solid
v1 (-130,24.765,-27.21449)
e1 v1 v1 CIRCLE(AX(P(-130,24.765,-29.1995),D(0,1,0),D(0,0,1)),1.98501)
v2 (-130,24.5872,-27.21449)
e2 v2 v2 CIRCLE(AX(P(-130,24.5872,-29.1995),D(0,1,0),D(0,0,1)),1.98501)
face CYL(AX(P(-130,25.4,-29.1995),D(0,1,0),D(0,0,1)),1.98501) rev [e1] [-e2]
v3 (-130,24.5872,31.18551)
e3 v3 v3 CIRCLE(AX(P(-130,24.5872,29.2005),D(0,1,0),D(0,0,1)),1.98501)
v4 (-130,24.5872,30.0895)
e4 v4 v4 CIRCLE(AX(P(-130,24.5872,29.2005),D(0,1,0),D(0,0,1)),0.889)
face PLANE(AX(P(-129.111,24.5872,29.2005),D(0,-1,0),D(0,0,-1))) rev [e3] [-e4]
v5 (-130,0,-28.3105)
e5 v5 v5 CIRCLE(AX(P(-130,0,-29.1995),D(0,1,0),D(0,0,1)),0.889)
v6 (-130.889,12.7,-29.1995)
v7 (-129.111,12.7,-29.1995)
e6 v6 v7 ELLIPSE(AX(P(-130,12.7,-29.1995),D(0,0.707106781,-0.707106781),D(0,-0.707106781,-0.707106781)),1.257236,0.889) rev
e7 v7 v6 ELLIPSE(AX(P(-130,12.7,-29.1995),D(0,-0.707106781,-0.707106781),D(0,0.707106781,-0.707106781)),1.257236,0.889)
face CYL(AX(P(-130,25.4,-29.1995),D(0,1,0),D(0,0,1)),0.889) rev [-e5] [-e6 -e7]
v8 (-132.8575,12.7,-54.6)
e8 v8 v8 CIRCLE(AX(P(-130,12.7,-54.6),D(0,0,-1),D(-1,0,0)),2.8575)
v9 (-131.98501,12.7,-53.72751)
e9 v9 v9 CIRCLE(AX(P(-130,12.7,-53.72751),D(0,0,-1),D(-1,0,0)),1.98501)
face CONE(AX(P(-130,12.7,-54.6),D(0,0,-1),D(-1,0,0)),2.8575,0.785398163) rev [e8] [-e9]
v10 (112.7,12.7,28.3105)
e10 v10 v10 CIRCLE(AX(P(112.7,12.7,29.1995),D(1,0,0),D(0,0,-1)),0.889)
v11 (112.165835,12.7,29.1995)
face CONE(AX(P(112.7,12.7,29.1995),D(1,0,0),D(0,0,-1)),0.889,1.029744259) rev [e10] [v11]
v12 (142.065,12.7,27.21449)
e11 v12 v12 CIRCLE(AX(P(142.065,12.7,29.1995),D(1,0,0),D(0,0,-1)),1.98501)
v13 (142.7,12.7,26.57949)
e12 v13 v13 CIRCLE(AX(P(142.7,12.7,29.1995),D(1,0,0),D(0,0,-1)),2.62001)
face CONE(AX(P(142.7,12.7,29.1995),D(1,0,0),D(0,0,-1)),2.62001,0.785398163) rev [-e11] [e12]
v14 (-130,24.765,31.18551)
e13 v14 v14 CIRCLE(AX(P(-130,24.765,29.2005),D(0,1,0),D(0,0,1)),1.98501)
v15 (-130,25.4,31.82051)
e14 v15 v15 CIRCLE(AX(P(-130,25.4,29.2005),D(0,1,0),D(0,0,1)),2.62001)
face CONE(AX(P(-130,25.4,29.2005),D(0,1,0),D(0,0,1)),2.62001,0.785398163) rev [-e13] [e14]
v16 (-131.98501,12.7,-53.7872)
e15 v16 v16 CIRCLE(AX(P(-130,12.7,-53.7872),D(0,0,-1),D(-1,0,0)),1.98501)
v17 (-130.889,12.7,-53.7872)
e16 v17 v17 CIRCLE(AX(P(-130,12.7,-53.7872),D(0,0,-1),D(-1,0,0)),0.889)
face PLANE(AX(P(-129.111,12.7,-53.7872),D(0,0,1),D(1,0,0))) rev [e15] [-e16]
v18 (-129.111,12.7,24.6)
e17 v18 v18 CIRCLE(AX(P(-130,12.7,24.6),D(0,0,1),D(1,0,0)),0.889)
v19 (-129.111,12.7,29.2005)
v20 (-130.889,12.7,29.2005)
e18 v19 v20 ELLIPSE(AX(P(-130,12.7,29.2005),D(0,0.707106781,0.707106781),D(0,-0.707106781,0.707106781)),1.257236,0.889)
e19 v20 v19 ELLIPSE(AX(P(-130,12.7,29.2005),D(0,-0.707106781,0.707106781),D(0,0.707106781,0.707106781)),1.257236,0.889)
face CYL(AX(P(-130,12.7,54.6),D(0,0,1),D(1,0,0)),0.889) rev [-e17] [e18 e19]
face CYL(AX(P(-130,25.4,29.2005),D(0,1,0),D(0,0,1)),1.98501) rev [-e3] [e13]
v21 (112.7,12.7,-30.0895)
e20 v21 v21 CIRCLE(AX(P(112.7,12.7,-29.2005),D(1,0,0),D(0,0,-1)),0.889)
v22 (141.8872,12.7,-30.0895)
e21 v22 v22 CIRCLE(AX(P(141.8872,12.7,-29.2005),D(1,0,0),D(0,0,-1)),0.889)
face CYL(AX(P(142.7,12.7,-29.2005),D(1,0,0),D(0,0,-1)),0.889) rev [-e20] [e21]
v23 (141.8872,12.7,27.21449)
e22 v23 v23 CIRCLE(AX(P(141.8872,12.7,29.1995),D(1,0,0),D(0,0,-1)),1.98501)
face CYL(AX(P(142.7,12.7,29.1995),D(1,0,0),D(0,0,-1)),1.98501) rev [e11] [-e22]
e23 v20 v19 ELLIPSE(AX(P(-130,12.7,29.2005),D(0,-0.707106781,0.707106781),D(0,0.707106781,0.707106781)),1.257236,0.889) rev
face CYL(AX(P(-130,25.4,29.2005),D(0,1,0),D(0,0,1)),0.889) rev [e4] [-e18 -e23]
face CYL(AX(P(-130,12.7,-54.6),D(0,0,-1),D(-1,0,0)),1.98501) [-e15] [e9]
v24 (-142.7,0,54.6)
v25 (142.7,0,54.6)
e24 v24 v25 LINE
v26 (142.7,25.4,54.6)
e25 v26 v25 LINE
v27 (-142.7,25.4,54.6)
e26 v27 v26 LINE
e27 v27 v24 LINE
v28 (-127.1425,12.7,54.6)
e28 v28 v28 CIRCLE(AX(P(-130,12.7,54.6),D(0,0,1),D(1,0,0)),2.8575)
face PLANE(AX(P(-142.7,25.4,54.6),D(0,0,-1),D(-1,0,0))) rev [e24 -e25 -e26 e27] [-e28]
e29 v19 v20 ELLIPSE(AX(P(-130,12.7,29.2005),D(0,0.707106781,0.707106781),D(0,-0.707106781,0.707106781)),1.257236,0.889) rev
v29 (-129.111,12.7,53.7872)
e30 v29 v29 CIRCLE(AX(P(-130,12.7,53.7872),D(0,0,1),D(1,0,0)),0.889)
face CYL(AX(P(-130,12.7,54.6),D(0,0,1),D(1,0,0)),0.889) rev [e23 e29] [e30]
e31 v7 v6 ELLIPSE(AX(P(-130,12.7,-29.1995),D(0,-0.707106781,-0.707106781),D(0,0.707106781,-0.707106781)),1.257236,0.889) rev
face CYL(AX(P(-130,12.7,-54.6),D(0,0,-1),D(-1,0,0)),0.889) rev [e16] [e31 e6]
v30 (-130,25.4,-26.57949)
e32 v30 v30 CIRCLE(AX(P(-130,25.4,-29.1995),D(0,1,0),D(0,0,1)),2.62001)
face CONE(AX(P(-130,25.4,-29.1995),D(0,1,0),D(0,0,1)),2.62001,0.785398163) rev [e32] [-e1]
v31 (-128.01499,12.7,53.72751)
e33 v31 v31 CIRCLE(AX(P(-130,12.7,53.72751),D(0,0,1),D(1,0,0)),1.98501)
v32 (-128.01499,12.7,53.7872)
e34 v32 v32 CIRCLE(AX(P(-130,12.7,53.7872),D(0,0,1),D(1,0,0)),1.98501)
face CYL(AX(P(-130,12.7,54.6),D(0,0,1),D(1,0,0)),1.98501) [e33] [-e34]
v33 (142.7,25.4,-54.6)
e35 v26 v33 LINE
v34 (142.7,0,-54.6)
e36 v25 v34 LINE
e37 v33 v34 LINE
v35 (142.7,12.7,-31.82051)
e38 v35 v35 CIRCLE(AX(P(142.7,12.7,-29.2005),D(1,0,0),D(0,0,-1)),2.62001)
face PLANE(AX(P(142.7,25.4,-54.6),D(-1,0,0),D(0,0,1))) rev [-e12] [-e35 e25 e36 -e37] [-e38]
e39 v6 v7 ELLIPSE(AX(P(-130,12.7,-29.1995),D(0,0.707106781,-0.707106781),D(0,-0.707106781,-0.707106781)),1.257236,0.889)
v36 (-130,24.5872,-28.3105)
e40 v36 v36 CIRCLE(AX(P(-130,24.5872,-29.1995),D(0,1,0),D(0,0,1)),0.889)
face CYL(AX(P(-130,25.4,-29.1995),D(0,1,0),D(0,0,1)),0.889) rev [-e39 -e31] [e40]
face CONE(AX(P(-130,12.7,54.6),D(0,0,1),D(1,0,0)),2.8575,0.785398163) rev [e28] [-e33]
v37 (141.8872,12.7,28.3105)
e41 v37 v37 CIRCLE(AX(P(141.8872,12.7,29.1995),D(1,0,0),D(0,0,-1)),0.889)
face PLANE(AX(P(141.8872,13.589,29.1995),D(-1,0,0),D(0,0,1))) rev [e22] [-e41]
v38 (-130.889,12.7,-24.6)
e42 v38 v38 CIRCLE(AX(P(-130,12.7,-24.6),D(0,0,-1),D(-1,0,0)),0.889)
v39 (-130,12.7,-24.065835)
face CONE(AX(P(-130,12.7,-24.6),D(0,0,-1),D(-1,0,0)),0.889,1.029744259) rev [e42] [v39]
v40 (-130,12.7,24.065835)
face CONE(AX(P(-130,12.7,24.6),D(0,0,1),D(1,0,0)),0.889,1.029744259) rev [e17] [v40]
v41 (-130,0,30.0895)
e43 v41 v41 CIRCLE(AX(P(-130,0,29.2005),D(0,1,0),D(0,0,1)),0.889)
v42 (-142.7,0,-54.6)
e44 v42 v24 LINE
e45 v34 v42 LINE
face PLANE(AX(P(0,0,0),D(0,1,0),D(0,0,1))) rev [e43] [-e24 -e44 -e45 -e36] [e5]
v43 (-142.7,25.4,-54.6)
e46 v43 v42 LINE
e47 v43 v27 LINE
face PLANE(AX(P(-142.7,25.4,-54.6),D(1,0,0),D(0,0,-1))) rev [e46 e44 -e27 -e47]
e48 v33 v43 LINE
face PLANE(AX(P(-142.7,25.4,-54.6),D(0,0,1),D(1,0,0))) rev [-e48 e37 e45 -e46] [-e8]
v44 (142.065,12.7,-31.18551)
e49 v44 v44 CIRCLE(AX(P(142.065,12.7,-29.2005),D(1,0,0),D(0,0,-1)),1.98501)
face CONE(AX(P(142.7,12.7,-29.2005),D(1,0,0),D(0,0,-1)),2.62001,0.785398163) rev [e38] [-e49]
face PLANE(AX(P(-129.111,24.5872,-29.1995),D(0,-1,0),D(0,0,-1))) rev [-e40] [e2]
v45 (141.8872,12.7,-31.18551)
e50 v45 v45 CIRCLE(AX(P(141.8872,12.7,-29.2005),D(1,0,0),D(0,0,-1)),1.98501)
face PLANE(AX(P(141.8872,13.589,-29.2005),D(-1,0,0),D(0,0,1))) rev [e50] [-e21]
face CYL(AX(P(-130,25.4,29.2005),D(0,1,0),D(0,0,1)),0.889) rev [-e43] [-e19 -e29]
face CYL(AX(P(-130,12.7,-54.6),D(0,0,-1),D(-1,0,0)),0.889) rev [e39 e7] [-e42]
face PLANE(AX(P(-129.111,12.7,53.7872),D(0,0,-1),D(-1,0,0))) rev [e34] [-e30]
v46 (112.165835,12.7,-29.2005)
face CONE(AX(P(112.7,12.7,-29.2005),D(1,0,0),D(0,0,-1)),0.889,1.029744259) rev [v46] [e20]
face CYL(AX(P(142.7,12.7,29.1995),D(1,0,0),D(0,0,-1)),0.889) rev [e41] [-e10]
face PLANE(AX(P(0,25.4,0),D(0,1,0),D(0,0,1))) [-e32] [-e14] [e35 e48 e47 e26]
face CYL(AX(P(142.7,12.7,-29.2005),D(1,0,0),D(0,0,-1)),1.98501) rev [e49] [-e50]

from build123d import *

# Parameters (mm, degrees)
SKETCH1_W                                   = 285.4
SKETCH1_H                                   = 109.2
BOSS_EXTRUDE1_DEPTH                         = 25.4
CBORE_FOR_0_BINDING_HEAD_MACHINE_SC_2_COUNT = 2
CBORE_FOR_0_BINDING_HEAD_MACHINE_SC_2_PITCH = 58.405486046
CBORE_FOR_0_BINDING_HEAD_MACHINE_SC_3_COUNT = 2
CBORE_FOR_0_BINDING_HEAD_MACHINE_SC_3_PITCH = 58.4
LPATTERN1_COUNT                             = 2
LPATTERN1_PITCH                             = 58.4


with BuildPart() as part:
    # Sketch1 → Boss-Extrude1 (new body)
    with BuildSketch(Plane(origin=(0, 0, 0), x_dir=(1, 0, 0), z_dir=(0, 1, 0))):
        Rectangle(SKETCH1_W, SKETCH1_H)
    extrude(amount=BOSS_EXTRUDE1_DEPTH)

    # Sketch3 → CBORE for #0 Binding Head Machine Screw1 (revolve, cut)
    with BuildSketch(Plane(origin=(-130, 12.7, 54.6), x_dir=(0, -1, 0), z_dir=(1, 0, 0))):
        Polygon((0, 0), (0, 30.53416509), (0.889, 30), (0.889, 0.8128), (1.98501, 0.8128), (1.98501, 0.87249), (2.8575, 0), align=None)
    cbore_for_0_binding_head_machine_screw1 = revolve(axis=Axis((-130, 12.7, 60.95), (0, 0, -1)), mode=Mode.SUBTRACT)

    # Mirror1: CBORE for #0 Binding Head Machine Screw1 across plane
    add(cbore_for_0_binding_head_machine_screw1.mirror(Plane.XY), mode=Mode.SUBTRACT)

    # Sketch5 → CBORE for #0 Binding Head Machine Screw2 (revolve, cut)
    with BuildSketch(Plane(origin=(142.7, -45.7, 30), x_dir=(0, 0, -1), z_dir=(0, 1, 0))):
        Polygon((0, 0), (0, 30.53416509), (0.889, 30), (0.889, 0.8128), (1.98501, 0.8128), (1.98501, 0.635), (2.62001, 0), align=None)
    cbore_for_0_binding_head_machine_screw2 = revolve(axis=Axis((149.05, -45.7, 30), (-1, 0, 0)), mode=Mode.SUBTRACT)

    # CBORE for _0 Binding Head Machine Sc 2: CBORE for #0 Binding Head Machine Screw2 ×2
    with Locations(*[Vector(0, 0.99990607, -0.013705904) * (i * CBORE_FOR_0_BINDING_HEAD_MACHINE_SC_2_PITCH) for i in range(1, CBORE_FOR_0_BINDING_HEAD_MACHINE_SC_2_COUNT)]):
        add(cbore_for_0_binding_head_machine_screw2, mode=Mode.SUBTRACT)

    # Sketch7 → CBORE for #0 Binding Head Machine Screw3 (revolve, cut)
    with BuildSketch(Plane(origin=(-130, 25.4, -29.1995), x_dir=(0, 0, 1), z_dir=(1, 0, 0))):
        Polygon((0, 0), (0, 30.53416509), (0.889, 30), (0.889, 0.8128), (1.98501, 0.8128), (1.98501, 0.635), (2.62001, 0), align=None)
    cbore_for_0_binding_head_machine_screw3 = revolve(axis=Axis((-130, 31.75, -29.1995), (0, -1, 0)), mode=Mode.SUBTRACT)

    # CBORE for _0 Binding Head Machine Sc 3: CBORE for #0 Binding Head Machine Screw3 ×2
    with Locations(*[(0, 0, i * CBORE_FOR_0_BINDING_HEAD_MACHINE_SC_3_PITCH) for i in range(1, CBORE_FOR_0_BINDING_HEAD_MACHINE_SC_3_COUNT)]):
        add(cbore_for_0_binding_head_machine_screw3, mode=Mode.SUBTRACT)

    # LPattern1: CBORE for #0 Binding Head Machine Screw2 ×2
    with Locations(*[(0, 0, -i * LPATTERN1_PITCH) for i in range(1, LPATTERN1_COUNT)]):
        add(cbore_for_0_binding_head_machine_screw2, mode=Mode.SUBTRACT)

    # LPattern1 copy 1 sketch → LPattern1 copy 1 (revolve, cut)
    with BuildSketch(Plane(origin=(142.7, 12.7, -29.2005), x_dir=(0, 0, -1), z_dir=(0, 1, 0))):
        Polygon((0, 0), (0, 30.53416509), (0.889, 30), (0.889, 0.8128), (1.98501, 0.8128), (1.98501, 0.635), (2.62001, 0), align=None)
    revolve(axis=Axis((149.05, 12.7, -29.2005), (-1, 0, 0)), mode=Mode.SUBTRACT)


solid = part.part
